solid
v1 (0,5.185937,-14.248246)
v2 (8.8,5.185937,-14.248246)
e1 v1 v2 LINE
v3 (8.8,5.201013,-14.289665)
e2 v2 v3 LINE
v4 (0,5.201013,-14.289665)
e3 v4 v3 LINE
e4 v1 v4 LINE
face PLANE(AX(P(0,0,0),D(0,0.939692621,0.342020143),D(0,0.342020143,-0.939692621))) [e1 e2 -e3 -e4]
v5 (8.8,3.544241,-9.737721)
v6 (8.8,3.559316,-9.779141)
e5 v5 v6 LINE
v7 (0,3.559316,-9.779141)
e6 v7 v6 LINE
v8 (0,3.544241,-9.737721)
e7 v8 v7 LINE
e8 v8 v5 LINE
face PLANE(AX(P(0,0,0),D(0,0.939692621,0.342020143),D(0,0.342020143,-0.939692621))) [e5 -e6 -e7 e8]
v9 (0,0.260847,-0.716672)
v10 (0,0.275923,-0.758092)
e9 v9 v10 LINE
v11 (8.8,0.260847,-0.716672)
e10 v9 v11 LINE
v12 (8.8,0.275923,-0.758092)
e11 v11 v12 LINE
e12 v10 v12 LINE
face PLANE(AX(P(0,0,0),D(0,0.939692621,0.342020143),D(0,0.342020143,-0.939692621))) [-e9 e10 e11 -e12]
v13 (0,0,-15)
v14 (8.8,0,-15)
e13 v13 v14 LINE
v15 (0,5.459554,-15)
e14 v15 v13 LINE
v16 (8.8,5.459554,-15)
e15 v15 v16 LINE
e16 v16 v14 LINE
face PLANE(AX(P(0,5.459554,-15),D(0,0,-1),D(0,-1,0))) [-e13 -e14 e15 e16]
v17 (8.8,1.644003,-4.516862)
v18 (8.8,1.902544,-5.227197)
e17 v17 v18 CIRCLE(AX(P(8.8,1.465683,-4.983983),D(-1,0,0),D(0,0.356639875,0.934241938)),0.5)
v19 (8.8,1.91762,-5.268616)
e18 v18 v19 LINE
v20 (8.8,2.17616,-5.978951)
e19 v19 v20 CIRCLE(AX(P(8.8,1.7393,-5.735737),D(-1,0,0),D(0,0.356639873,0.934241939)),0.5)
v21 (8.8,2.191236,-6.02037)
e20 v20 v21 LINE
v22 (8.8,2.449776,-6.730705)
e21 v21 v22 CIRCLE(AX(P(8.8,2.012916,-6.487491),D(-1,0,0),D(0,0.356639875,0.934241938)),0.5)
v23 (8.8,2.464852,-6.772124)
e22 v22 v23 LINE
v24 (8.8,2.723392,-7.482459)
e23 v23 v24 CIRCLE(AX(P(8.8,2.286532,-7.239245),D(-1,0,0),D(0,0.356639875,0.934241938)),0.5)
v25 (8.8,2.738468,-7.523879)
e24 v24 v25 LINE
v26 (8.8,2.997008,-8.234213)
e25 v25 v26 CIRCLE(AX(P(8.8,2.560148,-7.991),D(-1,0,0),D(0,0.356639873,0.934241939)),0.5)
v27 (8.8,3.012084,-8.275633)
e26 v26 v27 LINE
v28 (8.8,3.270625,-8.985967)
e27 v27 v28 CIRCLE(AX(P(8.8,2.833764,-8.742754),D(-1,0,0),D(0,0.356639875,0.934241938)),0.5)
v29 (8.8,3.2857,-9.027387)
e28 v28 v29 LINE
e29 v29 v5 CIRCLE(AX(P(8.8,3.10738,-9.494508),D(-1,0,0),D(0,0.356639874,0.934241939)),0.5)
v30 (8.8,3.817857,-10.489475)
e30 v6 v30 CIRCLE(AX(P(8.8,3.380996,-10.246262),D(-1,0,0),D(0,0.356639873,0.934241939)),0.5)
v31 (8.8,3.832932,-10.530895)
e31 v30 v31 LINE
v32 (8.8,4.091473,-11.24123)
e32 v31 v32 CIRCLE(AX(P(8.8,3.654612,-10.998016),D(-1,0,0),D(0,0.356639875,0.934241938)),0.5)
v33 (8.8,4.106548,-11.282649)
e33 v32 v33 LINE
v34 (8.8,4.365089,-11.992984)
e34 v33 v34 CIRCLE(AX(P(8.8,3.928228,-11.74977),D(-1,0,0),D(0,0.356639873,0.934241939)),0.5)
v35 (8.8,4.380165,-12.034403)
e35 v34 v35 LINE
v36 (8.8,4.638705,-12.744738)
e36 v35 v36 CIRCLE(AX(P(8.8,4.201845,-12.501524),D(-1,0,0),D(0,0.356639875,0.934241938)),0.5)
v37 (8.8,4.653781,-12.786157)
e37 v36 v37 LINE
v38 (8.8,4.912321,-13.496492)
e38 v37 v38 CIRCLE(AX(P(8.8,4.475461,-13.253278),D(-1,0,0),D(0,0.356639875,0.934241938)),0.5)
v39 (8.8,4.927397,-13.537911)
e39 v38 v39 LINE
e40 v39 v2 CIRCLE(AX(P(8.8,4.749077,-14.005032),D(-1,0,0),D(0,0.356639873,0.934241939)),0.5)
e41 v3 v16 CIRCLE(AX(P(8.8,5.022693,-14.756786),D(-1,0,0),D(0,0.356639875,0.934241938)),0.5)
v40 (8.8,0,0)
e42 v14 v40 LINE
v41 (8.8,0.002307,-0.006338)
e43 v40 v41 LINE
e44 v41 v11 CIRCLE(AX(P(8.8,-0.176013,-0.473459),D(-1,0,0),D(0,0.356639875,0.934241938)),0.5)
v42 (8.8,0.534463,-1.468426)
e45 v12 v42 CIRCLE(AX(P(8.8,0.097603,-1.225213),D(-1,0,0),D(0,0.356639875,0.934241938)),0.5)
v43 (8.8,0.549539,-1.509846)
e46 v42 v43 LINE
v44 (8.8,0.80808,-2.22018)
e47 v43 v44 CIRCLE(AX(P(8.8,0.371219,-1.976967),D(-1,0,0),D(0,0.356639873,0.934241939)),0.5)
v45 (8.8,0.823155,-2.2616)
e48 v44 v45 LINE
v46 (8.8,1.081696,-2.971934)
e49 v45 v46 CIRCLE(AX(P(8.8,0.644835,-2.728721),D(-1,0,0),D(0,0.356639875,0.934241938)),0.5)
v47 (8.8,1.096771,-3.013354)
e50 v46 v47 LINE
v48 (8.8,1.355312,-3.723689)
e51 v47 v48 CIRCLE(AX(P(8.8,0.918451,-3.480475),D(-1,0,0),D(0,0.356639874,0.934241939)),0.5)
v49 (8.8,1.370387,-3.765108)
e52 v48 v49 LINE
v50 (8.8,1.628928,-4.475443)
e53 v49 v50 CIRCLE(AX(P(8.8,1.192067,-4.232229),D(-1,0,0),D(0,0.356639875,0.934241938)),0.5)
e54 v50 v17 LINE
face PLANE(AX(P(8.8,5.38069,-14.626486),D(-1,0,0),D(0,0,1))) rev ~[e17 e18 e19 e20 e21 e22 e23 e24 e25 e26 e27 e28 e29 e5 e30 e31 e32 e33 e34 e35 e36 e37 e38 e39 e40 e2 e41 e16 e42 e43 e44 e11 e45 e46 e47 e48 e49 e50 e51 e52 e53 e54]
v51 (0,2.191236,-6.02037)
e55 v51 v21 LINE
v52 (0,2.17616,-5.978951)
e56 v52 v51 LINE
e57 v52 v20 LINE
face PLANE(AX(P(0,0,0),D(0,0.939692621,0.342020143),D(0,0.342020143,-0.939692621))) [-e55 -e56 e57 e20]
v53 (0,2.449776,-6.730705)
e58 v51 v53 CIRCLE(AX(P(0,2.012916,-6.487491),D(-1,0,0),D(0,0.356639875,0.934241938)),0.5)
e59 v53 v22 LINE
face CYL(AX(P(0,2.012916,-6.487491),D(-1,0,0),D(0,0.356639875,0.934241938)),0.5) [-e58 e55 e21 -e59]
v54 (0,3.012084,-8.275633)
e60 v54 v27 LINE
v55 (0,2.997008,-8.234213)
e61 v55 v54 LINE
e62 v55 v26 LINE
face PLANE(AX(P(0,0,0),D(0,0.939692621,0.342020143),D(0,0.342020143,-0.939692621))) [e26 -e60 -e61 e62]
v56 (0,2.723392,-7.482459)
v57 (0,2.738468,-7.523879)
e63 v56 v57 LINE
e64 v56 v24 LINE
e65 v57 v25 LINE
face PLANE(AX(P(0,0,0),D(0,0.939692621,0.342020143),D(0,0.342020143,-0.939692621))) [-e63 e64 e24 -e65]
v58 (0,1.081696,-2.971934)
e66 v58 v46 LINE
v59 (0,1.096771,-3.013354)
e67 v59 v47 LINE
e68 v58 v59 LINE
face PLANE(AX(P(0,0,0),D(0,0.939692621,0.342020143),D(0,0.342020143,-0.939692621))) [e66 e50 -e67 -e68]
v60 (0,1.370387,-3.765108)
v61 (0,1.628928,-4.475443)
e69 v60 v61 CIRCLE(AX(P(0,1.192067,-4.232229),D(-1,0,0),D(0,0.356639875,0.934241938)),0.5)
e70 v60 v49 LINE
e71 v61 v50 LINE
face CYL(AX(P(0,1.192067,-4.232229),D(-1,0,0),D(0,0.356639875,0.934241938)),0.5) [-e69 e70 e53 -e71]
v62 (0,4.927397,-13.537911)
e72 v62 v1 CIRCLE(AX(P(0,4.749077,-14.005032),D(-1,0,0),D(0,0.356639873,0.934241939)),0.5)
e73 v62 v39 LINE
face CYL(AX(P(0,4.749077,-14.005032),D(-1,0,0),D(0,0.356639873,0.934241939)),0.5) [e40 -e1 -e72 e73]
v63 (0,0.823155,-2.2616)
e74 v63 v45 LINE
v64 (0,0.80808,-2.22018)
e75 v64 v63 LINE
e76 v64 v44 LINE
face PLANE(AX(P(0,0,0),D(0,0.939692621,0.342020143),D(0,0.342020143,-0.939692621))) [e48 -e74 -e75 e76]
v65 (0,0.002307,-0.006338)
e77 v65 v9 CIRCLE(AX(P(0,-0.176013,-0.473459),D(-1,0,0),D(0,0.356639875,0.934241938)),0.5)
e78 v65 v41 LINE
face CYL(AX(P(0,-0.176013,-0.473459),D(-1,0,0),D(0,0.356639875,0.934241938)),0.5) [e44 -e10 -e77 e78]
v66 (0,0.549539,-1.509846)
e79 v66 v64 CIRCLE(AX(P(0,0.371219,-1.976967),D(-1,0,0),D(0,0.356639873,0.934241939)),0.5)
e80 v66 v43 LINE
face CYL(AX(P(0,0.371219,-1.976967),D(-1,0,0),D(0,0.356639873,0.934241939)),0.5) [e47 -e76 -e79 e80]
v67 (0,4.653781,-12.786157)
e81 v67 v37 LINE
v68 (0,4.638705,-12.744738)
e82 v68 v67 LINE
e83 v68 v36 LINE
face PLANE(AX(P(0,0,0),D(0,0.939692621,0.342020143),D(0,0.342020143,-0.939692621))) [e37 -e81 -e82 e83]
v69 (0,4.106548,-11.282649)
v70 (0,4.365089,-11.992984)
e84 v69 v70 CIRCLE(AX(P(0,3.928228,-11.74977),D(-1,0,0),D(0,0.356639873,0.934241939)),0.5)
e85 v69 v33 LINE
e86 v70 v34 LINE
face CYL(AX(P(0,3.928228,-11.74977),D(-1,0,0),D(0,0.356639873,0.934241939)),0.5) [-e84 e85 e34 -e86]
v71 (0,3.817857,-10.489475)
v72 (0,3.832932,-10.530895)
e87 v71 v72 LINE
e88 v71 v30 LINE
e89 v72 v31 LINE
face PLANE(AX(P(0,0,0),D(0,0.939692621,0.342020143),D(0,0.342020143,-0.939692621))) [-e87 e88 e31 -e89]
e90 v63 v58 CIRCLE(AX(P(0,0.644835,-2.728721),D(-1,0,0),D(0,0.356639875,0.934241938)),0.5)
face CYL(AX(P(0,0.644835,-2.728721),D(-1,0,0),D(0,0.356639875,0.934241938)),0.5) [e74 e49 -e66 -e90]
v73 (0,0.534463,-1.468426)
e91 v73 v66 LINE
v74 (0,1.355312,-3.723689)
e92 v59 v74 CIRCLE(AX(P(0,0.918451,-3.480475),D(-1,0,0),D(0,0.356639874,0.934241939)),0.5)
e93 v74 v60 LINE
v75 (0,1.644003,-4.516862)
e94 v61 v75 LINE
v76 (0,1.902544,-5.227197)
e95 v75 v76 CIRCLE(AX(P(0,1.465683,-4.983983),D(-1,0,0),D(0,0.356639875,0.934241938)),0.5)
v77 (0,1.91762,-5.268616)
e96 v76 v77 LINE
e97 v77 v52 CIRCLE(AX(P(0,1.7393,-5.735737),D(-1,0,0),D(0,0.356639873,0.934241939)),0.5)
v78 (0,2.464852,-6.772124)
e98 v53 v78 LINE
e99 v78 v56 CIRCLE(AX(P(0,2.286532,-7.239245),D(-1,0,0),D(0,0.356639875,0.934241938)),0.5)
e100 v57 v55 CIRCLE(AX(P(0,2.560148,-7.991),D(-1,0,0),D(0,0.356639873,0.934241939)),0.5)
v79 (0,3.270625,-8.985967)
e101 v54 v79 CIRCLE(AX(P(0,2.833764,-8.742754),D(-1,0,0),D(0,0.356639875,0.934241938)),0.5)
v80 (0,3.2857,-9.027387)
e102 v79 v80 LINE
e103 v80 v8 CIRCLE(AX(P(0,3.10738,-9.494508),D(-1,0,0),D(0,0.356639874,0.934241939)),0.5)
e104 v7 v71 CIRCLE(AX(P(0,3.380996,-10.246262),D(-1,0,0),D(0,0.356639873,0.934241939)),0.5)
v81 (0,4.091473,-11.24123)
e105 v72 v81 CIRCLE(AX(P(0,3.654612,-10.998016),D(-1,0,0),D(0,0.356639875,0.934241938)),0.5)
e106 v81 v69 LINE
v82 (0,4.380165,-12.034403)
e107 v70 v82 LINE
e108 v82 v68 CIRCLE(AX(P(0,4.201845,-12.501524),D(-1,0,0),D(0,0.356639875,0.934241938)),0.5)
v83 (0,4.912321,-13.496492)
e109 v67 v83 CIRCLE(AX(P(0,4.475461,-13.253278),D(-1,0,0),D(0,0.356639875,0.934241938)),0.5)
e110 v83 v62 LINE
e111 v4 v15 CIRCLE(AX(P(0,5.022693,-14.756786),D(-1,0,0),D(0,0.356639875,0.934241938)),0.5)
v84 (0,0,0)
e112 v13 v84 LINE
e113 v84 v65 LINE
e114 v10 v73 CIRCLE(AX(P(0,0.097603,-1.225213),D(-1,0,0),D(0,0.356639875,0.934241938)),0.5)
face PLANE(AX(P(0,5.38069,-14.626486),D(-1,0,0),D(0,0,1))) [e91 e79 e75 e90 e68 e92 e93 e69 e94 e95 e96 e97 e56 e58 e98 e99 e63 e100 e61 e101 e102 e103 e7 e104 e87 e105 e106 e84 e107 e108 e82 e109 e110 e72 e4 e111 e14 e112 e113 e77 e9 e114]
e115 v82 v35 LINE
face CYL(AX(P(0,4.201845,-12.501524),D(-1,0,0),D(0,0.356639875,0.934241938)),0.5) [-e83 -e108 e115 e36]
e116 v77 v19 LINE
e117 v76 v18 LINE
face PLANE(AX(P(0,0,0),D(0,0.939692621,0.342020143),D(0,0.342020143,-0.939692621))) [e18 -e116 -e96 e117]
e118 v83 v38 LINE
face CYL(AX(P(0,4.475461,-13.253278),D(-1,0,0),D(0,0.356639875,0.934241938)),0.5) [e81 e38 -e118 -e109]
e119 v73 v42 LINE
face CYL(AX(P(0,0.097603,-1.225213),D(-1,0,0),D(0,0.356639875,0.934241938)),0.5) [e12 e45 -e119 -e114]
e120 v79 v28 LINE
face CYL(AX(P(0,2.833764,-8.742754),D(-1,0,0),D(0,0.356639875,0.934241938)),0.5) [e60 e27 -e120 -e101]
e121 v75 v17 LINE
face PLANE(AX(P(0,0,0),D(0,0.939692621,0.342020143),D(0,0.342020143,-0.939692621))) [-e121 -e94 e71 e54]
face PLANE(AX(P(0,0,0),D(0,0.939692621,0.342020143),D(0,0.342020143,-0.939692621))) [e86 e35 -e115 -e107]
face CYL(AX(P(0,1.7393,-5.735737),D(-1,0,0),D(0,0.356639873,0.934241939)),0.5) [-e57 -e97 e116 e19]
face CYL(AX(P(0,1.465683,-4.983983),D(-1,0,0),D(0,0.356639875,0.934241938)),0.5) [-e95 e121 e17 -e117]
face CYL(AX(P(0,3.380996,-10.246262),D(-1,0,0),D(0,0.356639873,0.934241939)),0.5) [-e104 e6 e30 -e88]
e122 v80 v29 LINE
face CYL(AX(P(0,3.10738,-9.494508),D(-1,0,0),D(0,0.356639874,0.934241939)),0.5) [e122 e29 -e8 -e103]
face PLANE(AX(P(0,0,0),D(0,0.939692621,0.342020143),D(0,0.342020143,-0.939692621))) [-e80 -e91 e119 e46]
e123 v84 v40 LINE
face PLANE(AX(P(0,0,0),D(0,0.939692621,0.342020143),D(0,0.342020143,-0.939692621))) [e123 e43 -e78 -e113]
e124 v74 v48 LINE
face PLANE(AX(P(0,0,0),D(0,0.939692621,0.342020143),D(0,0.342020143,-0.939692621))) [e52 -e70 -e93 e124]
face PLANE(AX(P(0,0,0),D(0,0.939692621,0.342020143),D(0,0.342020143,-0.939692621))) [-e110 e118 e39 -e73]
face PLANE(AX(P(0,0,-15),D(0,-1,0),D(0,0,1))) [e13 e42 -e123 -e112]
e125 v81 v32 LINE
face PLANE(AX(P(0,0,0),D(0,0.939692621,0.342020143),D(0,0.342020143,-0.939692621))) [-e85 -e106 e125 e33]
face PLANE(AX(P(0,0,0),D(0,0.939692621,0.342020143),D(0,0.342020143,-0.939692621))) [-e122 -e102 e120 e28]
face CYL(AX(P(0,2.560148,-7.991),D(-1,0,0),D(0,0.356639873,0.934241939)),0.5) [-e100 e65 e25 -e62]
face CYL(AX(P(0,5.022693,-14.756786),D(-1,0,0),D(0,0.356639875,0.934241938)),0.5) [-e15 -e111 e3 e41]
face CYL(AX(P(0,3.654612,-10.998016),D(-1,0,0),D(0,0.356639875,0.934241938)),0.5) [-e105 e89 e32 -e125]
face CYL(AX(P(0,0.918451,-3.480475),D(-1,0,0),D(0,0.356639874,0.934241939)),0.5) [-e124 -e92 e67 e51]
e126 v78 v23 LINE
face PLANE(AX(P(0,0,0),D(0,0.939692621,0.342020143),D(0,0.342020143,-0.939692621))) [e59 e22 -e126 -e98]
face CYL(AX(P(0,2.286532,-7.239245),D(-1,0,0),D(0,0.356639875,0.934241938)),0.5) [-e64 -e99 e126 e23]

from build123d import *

# Parameters (mm, degrees)
BOSS_EXTRUDE1_DEPTH = 8.8
BOSS_EXTRUDE3_DEPTH = 8.8


with BuildPart() as part:
    # Sketch1 → Boss-Extrude1 (new body)
    with BuildSketch(Plane(origin=(0, 0, 0), x_dir=(0, 0, -1), z_dir=(1, 0, 0))):
        Polygon((0, 0), (15, 5.459553514), (15, 0), align=None)
    extrude(amount=BOSS_EXTRUDE1_DEPTH)

    # Sketch2 → Boss-Extrude3 (add)
    with BuildSketch(Plane.ZY):
        with BuildLine():
            Line((-15, 5.459553514), (-14.289665454, 5.201012883))
            ThreePointArc((-14.289665454, 5.201012883), (-14.585776352, 5.492539256), (-15, 5.459553514))
        make_face()
        with BuildLine():
            Line((-14.248245903, 5.185937399), (-13.537911358, 4.927396768))
            ThreePointArc((-13.537911358, 4.927396768), (-13.834022255, 5.218923141), (-14.248245903, 5.185937399))
        make_face()
        with BuildLine():
            Line((-13.496491807, 4.912321285), (-12.786157261, 4.653780654))
            ThreePointArc((-12.786157261, 4.653780654), (-13.082268159, 4.945307027), (-13.496491807, 4.912321285))
        make_face()
        with BuildLine():
            Line((-12.74473771, 4.63870517), (-12.034403164, 4.380164539))
            ThreePointArc((-12.034403164, 4.380164539), (-12.330514062, 4.671690912), (-12.74473771, 4.63870517))
        make_face()
        with BuildLine():
            Line((-11.992983613, 4.365089055), (-11.282649068, 4.106548424))
            ThreePointArc((-11.282649068, 4.106548424), (-11.578759965, 4.398074797), (-11.992983613, 4.365089055))
        make_face()
        with BuildLine():
            Line((-11.241229517, 4.091472941), (-10.530894971, 3.83293231))
            ThreePointArc((-10.530894971, 3.83293231), (-10.827005869, 4.124458683), (-11.241229517, 4.091472941))
        make_face()
        with BuildLine():
            Line((-10.48947542, 3.817856826), (-9.779140875, 3.559316195))
            ThreePointArc((-9.779140875, 3.559316195), (-10.075251772, 3.850842568), (-10.48947542, 3.817856826))
        make_face()
        with BuildLine():
            Line((-9.737721324, 3.544240711), (-9.027386778, 3.28570008))
            ThreePointArc((-9.027386778, 3.28570008), (-9.323497675, 3.577226453), (-9.737721324, 3.544240711))
        make_face()
        with BuildLine():
            Line((-8.985967227, 3.270624597), (-8.275632681, 3.012083966))
            ThreePointArc((-8.275632681, 3.012083966), (-8.571743579, 3.303610339), (-8.985967227, 3.270624597))
        make_face()
        with BuildLine():
            Line((-8.23421313, 2.997008482), (-7.523878585, 2.738467851))
            ThreePointArc((-7.523878585, 2.738467851), (-7.819989482, 3.029994224), (-8.23421313, 2.997008482))
        make_face()
        with BuildLine():
            Line((-7.482459034, 2.723392367), (-6.772124488, 2.464851736))
            ThreePointArc((-6.772124488, 2.464851736), (-7.068235386, 2.756378109), (-7.482459034, 2.723392367))
        make_face()
        with BuildLine():
            Line((-6.730704937, 2.449776253), (-6.020370391, 2.191235622))
            ThreePointArc((-6.020370391, 2.191235622), (-6.316481289, 2.482761995), (-6.730704937, 2.449776253))
        make_face()
        with BuildLine():
            Line((-5.97895084, 2.176160138), (-5.268616295, 1.917619507))
            ThreePointArc((-5.268616295, 1.917619507), (-5.564727192, 2.20914588), (-5.97895084, 2.176160138))
        make_face()
        with BuildLine():
            Line((-5.227196744, 1.902544023), (-4.516862198, 1.644003392))
            ThreePointArc((-4.516862198, 1.644003392), (-4.812973096, 1.935529765), (-5.227196744, 1.902544023))
        make_face()
        with BuildLine():
            Line((-4.475442647, 1.628927909), (-3.765108101, 1.370387278))
            ThreePointArc((-3.765108101, 1.370387278), (-4.061218999, 1.661913651), (-4.475442647, 1.628927909))
        make_face()
        with BuildLine():
            Line((-3.723688551, 1.355311794), (-3.013354005, 1.096771163))
            ThreePointArc((-3.013354005, 1.096771163), (-3.309464902, 1.388297536), (-3.723688551, 1.355311794))
        make_face()
        with BuildLine():
            Line((-2.971934454, 1.081695679), (-2.261599908, 0.823155048))
            ThreePointArc((-2.261599908, 0.823155048), (-2.557710806, 1.114681421), (-2.971934454, 1.081695679))
        make_face()
        with BuildLine():
            Line((-2.220180357, 0.808079565), (-1.509845812, 0.549538934))
            ThreePointArc((-1.509845812, 0.549538934), (-1.805956709, 0.841065307), (-2.220180357, 0.808079565))
        make_face()
        with BuildLine():
            Line((-1.468426261, 0.53446345), (-0.758091715, 0.275922819))
            ThreePointArc((-0.758091715, 0.275922819), (-1.054202613, 0.567449192), (-1.468426261, 0.53446345))
        make_face()
        with BuildLine():
            Line((-0.716672164, 0.260847335), (-0.006337618, 0.002306704))
            ThreePointArc((-0.006337618, 0.002306704), (-0.302448516, 0.293833077), (-0.716672164, 0.260847335))
        make_face()
    extrude(amount=-BOSS_EXTRUDE3_DEPTH)


solid = part.part
